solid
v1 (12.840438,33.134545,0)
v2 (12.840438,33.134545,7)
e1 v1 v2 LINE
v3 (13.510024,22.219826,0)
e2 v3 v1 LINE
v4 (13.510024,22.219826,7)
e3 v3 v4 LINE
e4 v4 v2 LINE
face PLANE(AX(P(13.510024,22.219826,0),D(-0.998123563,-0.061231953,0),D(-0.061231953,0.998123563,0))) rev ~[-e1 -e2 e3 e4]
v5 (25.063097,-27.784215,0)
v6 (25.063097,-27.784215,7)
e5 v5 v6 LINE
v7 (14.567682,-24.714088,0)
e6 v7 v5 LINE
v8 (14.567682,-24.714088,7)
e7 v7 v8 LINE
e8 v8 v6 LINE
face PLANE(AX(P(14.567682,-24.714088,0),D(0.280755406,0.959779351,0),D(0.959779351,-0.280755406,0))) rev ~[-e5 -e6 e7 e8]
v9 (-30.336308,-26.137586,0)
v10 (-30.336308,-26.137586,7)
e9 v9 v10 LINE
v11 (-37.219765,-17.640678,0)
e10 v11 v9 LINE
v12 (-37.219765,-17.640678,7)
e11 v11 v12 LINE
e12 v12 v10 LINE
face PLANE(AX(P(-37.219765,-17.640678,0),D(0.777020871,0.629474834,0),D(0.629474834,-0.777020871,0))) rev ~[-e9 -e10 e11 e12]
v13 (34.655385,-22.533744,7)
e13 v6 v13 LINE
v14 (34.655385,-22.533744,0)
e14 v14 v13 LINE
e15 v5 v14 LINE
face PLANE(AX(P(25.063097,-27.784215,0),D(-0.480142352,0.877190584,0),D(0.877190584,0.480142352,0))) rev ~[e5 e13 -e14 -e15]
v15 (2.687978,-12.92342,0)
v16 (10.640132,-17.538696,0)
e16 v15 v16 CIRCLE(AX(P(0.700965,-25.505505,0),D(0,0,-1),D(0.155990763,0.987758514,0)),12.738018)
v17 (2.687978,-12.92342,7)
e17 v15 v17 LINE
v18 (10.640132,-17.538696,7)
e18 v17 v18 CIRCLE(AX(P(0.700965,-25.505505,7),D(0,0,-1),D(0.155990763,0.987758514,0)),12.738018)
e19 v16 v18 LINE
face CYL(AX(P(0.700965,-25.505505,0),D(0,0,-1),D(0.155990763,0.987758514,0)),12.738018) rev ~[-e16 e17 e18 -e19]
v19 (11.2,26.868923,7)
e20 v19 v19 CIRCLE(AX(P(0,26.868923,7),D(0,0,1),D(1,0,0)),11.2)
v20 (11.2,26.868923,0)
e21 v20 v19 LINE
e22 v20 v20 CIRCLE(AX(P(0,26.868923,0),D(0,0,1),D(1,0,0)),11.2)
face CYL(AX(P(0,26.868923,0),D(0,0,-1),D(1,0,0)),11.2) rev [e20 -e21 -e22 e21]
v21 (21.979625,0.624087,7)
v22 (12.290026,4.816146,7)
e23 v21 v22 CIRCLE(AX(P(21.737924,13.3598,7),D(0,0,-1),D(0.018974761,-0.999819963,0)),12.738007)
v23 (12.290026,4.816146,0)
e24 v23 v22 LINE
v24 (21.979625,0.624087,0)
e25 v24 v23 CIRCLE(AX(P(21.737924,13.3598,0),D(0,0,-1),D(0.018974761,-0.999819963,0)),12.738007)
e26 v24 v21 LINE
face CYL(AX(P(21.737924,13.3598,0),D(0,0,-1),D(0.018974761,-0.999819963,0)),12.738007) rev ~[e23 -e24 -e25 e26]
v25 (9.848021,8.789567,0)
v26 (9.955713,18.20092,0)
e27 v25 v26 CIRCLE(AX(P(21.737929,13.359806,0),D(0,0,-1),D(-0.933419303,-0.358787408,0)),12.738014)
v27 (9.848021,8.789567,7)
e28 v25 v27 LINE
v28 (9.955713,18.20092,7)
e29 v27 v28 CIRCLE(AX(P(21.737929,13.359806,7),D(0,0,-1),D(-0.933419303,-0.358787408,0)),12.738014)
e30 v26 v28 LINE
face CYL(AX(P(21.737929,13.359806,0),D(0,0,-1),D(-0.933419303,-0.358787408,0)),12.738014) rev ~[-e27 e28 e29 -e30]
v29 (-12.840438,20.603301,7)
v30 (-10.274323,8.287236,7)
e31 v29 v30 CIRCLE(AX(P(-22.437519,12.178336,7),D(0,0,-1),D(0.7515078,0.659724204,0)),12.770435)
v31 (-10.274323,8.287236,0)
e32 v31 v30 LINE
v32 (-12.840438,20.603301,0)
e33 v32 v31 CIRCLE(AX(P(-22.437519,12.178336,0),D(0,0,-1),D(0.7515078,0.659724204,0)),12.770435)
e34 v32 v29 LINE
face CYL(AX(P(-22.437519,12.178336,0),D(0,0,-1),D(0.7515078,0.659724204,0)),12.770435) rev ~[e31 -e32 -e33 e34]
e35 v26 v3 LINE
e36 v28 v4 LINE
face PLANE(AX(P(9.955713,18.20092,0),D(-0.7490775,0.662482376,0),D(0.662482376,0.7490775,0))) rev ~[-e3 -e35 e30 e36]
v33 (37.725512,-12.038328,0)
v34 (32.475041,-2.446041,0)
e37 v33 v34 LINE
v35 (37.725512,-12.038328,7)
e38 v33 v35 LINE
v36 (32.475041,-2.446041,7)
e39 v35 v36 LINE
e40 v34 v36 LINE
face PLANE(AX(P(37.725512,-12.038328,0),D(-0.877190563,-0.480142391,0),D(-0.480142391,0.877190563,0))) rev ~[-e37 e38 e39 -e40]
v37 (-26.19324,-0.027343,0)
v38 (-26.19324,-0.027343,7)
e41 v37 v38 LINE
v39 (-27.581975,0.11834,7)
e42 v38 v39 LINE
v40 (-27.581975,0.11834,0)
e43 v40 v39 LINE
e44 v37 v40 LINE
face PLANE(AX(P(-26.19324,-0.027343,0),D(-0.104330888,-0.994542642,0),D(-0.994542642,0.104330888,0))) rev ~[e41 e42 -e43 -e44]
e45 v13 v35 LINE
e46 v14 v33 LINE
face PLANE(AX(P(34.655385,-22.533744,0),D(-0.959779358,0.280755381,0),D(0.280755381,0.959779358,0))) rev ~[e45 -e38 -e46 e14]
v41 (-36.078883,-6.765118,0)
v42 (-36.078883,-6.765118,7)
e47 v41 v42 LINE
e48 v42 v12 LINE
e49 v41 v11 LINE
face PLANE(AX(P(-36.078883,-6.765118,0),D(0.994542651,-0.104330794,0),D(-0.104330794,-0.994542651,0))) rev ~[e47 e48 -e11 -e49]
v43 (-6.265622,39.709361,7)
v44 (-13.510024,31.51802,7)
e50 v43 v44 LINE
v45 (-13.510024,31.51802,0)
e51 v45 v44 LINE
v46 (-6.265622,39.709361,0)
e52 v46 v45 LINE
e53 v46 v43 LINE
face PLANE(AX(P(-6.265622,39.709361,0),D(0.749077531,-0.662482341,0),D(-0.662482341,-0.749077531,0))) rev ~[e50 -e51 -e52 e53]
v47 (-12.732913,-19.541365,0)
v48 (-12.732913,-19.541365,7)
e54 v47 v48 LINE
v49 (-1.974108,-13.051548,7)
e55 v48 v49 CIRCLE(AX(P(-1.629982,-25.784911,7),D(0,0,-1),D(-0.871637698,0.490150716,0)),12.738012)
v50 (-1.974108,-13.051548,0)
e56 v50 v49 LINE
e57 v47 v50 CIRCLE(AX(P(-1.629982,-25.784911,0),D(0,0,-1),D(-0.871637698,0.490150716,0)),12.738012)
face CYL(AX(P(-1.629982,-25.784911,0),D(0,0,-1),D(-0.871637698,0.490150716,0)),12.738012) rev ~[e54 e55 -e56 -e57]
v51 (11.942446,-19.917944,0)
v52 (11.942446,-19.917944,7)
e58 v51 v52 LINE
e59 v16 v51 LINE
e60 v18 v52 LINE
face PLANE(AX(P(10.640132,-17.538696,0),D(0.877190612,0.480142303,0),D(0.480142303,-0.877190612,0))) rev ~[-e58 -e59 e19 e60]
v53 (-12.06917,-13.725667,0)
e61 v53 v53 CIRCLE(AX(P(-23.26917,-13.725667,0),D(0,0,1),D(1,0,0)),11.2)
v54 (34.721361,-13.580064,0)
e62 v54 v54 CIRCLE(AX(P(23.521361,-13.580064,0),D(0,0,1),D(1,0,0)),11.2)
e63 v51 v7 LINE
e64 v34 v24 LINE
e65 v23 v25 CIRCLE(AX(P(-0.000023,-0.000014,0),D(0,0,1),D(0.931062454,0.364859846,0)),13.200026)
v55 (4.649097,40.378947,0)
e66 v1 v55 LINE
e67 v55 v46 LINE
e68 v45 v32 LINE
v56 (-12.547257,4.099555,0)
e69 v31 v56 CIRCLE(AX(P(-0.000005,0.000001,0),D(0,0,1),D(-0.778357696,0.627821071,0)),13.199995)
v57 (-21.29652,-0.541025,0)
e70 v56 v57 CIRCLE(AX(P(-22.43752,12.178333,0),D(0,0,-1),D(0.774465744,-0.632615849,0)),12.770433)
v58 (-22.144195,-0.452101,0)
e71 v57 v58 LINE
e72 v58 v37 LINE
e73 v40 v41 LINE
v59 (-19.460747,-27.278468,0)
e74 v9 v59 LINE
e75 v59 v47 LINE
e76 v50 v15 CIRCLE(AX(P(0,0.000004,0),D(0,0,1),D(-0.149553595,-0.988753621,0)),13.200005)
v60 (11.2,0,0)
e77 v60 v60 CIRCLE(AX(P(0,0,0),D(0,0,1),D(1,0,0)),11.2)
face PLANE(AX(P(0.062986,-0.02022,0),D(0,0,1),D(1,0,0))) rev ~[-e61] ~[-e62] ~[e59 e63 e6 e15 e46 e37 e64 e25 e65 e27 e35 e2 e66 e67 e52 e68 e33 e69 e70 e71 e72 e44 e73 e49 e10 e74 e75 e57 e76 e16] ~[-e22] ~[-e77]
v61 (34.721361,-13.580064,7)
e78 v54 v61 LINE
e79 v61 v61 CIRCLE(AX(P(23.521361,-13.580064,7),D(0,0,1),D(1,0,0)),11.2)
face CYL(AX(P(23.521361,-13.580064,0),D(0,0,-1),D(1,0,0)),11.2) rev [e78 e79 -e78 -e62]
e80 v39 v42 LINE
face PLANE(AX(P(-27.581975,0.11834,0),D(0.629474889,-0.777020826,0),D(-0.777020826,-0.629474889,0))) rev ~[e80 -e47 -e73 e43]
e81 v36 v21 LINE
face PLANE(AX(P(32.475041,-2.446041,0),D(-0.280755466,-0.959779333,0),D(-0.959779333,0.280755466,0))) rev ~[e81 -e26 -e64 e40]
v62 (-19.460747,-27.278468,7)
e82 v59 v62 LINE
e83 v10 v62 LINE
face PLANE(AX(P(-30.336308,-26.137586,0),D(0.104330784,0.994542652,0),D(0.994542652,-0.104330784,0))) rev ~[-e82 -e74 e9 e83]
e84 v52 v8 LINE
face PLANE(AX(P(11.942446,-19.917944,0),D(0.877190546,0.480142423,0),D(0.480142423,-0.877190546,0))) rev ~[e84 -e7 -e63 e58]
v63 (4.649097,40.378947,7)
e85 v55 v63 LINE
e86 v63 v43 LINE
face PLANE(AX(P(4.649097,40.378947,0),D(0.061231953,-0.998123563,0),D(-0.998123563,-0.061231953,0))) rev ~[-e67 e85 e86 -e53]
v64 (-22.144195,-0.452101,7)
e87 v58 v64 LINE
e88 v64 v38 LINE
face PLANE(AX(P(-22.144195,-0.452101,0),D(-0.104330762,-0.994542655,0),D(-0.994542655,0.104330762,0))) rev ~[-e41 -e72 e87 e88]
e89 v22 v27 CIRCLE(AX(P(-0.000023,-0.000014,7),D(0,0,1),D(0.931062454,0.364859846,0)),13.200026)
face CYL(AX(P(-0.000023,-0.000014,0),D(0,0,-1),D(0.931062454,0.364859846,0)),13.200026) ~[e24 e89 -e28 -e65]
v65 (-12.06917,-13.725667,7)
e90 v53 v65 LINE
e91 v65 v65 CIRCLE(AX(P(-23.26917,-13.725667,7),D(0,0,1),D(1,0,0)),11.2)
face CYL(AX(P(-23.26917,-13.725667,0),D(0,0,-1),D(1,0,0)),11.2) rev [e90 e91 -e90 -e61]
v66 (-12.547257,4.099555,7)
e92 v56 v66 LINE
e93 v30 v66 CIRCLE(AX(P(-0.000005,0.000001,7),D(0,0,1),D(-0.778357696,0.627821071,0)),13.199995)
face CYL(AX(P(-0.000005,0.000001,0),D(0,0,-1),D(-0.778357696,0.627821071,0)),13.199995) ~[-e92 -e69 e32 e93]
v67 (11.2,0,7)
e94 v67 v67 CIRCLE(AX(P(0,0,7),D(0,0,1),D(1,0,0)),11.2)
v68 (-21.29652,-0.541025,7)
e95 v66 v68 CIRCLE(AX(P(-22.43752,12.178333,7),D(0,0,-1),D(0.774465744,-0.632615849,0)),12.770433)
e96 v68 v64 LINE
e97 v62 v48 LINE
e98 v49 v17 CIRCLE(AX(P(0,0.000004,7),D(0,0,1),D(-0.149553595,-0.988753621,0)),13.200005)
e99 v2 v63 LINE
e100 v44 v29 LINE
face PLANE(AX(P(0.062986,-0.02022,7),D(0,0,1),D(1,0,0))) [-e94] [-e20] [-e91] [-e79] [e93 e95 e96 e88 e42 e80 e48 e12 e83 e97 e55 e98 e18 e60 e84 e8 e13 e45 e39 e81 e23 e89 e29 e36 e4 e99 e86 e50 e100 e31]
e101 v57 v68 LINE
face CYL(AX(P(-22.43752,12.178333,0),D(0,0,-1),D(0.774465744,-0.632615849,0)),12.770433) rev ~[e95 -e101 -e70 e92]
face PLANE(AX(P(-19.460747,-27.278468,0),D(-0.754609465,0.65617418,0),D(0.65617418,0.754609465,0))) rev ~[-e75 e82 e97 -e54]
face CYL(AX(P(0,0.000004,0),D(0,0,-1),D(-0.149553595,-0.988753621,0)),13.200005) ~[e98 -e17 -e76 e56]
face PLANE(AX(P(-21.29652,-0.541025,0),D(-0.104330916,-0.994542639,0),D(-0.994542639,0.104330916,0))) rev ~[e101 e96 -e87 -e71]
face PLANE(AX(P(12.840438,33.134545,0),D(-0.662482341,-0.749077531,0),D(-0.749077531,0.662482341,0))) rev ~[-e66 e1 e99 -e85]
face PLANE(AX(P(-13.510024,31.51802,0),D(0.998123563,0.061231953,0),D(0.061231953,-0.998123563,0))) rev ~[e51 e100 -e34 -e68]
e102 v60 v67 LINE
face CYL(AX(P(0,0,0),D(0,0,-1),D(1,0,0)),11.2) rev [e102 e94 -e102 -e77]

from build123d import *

# Parameters (mm, degrees)
F0_R     = 11.2
F1_DEPTH = 7


with BuildPart() as f1:
    # F0 (on Top) → F1 (new body)
    with BuildSketch(Plane.XY):
        with BuildLine():
            ThreePointArc((2.687978, -12.92342), (10.240149, -8.329427), (13.2, 0))
            ThreePointArc((13.2, 0), (12.970512, 2.450679), (12.290026, 4.816146))
            ThreePointArc((12.290026, 4.816146), (11.245901, 6.911563), (9.848021, 8.789567))
            ThreePointArc((9.848021, 8.789567), (-0.32942, 13.195889), (-10.274323, 8.287236))
            ThreePointArc((-10.274323, 8.287236), (-11.601306, 6.296801), (-12.547257, 4.099555))
            ThreePointArc((-12.547257, 4.099555), (-11.23644, -6.926934), (-1.974108, -13.051548))
            ThreePointArc((-1.974108, -13.051548), (0.362639, -13.195018), (2.687978, -12.92342))
        make_face()
        Circle(F0_R, mode=Mode.SUBTRACT)
        with BuildLine():
            ThreePointArc((12.290026, 4.816146), (12.970512, 2.450679), (13.2, 0))
            ThreePointArc((13.2, 0), (10.240149, -8.329427), (2.687978, -12.92342))
            ThreePointArc((2.687978, -12.92342), (7.094996, -14.488543), (10.640132, -17.538696))
            Line((10.640132, -17.538696), (11.942446, -19.917944))
            Line((11.942446, -19.917944), (14.567682, -24.714088))
            Line((14.567682, -24.714088), (25.063097, -27.784215))
            Line((25.063097, -27.784215), (34.655385, -22.533744))
            Line((34.655385, -22.533744), (37.725512, -12.038328))
            Line((37.725512, -12.038328), (32.475041, -2.446041))
            Line((32.475041, -2.446041), (21.979625, 0.624087))
            ThreePointArc((21.979625, 0.624087), (16.680073, 1.668994), (12.290026, 4.816146))
        make_face()
        with Locations((23.521361, -13.580064)):
            Circle(F0_R, mode=Mode.SUBTRACT)
        with BuildLine():
            ThreePointArc((-10.274323, 8.287236), (-0.32942, 13.195889), (9.848021, 8.789567))
            ThreePointArc((9.848021, 8.789567), (9.000749, 13.505555), (9.955713, 18.20092))
            Line((9.955713, 18.20092), (13.510024, 22.219826))
            Line((13.510024, 22.219826), (12.840438, 33.134545))
            Line((12.840438, 33.134545), (4.649097, 40.378947))
            Line((4.649097, 40.378947), (-6.265622, 39.709361))
            Line((-6.265622, 39.709361), (-13.510024, 31.51802))
            Line((-13.510024, 31.51802), (-12.840438, 20.603301))
            ThreePointArc((-12.840438, 20.603301), (-9.935568, 14.783181), (-10.274323, 8.287236))
        make_face()
        with Locations((0, 26.868923)):
            Circle(F0_R, mode=Mode.SUBTRACT)
        with BuildLine():
            ThreePointArc((-12.732913, -19.541365), (-8.20936, -14.877632), (-1.974108, -13.051548))
            ThreePointArc((-1.974108, -13.051548), (-11.23644, -6.926934), (-12.547257, 4.099555))
            ThreePointArc((-12.547257, 4.099555), (-16.453714, 0.896577), (-21.29652, -0.541025))
            ThreePointArc((-21.29652, -0.541025), (-21.351853, -0.545868), (-21.407206, -0.550469))
            ThreePointArc((-21.407206, -0.550469), (-21.775008, -0.496095), (-22.144195, -0.452101))
            Line((-22.144195, -0.452101), (-26.19324, -0.027343))
            Line((-26.19324, -0.027343), (-27.581975, 0.11834))
            Line((-27.581975, 0.11834), (-36.078883, -6.765118))
            Line((-36.078883, -6.765118), (-37.219765, -17.640678))
            Line((-37.219765, -17.640678), (-30.336308, -26.137586))
            Line((-30.336308, -26.137586), (-19.460747, -27.278468))
            Line((-19.460747, -27.278468), (-12.732913, -19.541365))
        make_face()
        with Locations((-23.26917, -13.725667)):
            Circle(F0_R, mode=Mode.SUBTRACT)
        with BuildLine():
            ThreePointArc((-21.407206, -0.550469), (-21.351853, -0.545868), (-21.29652, -0.541025))
            Line((-21.29652, -0.541025), (-22.144195, -0.452101))
            ThreePointArc((-22.144195, -0.452101), (-21.775008, -0.496095), (-21.407206, -0.550469))
        make_face()
    extrude(amount=F1_DEPTH)


solid = f1.part
